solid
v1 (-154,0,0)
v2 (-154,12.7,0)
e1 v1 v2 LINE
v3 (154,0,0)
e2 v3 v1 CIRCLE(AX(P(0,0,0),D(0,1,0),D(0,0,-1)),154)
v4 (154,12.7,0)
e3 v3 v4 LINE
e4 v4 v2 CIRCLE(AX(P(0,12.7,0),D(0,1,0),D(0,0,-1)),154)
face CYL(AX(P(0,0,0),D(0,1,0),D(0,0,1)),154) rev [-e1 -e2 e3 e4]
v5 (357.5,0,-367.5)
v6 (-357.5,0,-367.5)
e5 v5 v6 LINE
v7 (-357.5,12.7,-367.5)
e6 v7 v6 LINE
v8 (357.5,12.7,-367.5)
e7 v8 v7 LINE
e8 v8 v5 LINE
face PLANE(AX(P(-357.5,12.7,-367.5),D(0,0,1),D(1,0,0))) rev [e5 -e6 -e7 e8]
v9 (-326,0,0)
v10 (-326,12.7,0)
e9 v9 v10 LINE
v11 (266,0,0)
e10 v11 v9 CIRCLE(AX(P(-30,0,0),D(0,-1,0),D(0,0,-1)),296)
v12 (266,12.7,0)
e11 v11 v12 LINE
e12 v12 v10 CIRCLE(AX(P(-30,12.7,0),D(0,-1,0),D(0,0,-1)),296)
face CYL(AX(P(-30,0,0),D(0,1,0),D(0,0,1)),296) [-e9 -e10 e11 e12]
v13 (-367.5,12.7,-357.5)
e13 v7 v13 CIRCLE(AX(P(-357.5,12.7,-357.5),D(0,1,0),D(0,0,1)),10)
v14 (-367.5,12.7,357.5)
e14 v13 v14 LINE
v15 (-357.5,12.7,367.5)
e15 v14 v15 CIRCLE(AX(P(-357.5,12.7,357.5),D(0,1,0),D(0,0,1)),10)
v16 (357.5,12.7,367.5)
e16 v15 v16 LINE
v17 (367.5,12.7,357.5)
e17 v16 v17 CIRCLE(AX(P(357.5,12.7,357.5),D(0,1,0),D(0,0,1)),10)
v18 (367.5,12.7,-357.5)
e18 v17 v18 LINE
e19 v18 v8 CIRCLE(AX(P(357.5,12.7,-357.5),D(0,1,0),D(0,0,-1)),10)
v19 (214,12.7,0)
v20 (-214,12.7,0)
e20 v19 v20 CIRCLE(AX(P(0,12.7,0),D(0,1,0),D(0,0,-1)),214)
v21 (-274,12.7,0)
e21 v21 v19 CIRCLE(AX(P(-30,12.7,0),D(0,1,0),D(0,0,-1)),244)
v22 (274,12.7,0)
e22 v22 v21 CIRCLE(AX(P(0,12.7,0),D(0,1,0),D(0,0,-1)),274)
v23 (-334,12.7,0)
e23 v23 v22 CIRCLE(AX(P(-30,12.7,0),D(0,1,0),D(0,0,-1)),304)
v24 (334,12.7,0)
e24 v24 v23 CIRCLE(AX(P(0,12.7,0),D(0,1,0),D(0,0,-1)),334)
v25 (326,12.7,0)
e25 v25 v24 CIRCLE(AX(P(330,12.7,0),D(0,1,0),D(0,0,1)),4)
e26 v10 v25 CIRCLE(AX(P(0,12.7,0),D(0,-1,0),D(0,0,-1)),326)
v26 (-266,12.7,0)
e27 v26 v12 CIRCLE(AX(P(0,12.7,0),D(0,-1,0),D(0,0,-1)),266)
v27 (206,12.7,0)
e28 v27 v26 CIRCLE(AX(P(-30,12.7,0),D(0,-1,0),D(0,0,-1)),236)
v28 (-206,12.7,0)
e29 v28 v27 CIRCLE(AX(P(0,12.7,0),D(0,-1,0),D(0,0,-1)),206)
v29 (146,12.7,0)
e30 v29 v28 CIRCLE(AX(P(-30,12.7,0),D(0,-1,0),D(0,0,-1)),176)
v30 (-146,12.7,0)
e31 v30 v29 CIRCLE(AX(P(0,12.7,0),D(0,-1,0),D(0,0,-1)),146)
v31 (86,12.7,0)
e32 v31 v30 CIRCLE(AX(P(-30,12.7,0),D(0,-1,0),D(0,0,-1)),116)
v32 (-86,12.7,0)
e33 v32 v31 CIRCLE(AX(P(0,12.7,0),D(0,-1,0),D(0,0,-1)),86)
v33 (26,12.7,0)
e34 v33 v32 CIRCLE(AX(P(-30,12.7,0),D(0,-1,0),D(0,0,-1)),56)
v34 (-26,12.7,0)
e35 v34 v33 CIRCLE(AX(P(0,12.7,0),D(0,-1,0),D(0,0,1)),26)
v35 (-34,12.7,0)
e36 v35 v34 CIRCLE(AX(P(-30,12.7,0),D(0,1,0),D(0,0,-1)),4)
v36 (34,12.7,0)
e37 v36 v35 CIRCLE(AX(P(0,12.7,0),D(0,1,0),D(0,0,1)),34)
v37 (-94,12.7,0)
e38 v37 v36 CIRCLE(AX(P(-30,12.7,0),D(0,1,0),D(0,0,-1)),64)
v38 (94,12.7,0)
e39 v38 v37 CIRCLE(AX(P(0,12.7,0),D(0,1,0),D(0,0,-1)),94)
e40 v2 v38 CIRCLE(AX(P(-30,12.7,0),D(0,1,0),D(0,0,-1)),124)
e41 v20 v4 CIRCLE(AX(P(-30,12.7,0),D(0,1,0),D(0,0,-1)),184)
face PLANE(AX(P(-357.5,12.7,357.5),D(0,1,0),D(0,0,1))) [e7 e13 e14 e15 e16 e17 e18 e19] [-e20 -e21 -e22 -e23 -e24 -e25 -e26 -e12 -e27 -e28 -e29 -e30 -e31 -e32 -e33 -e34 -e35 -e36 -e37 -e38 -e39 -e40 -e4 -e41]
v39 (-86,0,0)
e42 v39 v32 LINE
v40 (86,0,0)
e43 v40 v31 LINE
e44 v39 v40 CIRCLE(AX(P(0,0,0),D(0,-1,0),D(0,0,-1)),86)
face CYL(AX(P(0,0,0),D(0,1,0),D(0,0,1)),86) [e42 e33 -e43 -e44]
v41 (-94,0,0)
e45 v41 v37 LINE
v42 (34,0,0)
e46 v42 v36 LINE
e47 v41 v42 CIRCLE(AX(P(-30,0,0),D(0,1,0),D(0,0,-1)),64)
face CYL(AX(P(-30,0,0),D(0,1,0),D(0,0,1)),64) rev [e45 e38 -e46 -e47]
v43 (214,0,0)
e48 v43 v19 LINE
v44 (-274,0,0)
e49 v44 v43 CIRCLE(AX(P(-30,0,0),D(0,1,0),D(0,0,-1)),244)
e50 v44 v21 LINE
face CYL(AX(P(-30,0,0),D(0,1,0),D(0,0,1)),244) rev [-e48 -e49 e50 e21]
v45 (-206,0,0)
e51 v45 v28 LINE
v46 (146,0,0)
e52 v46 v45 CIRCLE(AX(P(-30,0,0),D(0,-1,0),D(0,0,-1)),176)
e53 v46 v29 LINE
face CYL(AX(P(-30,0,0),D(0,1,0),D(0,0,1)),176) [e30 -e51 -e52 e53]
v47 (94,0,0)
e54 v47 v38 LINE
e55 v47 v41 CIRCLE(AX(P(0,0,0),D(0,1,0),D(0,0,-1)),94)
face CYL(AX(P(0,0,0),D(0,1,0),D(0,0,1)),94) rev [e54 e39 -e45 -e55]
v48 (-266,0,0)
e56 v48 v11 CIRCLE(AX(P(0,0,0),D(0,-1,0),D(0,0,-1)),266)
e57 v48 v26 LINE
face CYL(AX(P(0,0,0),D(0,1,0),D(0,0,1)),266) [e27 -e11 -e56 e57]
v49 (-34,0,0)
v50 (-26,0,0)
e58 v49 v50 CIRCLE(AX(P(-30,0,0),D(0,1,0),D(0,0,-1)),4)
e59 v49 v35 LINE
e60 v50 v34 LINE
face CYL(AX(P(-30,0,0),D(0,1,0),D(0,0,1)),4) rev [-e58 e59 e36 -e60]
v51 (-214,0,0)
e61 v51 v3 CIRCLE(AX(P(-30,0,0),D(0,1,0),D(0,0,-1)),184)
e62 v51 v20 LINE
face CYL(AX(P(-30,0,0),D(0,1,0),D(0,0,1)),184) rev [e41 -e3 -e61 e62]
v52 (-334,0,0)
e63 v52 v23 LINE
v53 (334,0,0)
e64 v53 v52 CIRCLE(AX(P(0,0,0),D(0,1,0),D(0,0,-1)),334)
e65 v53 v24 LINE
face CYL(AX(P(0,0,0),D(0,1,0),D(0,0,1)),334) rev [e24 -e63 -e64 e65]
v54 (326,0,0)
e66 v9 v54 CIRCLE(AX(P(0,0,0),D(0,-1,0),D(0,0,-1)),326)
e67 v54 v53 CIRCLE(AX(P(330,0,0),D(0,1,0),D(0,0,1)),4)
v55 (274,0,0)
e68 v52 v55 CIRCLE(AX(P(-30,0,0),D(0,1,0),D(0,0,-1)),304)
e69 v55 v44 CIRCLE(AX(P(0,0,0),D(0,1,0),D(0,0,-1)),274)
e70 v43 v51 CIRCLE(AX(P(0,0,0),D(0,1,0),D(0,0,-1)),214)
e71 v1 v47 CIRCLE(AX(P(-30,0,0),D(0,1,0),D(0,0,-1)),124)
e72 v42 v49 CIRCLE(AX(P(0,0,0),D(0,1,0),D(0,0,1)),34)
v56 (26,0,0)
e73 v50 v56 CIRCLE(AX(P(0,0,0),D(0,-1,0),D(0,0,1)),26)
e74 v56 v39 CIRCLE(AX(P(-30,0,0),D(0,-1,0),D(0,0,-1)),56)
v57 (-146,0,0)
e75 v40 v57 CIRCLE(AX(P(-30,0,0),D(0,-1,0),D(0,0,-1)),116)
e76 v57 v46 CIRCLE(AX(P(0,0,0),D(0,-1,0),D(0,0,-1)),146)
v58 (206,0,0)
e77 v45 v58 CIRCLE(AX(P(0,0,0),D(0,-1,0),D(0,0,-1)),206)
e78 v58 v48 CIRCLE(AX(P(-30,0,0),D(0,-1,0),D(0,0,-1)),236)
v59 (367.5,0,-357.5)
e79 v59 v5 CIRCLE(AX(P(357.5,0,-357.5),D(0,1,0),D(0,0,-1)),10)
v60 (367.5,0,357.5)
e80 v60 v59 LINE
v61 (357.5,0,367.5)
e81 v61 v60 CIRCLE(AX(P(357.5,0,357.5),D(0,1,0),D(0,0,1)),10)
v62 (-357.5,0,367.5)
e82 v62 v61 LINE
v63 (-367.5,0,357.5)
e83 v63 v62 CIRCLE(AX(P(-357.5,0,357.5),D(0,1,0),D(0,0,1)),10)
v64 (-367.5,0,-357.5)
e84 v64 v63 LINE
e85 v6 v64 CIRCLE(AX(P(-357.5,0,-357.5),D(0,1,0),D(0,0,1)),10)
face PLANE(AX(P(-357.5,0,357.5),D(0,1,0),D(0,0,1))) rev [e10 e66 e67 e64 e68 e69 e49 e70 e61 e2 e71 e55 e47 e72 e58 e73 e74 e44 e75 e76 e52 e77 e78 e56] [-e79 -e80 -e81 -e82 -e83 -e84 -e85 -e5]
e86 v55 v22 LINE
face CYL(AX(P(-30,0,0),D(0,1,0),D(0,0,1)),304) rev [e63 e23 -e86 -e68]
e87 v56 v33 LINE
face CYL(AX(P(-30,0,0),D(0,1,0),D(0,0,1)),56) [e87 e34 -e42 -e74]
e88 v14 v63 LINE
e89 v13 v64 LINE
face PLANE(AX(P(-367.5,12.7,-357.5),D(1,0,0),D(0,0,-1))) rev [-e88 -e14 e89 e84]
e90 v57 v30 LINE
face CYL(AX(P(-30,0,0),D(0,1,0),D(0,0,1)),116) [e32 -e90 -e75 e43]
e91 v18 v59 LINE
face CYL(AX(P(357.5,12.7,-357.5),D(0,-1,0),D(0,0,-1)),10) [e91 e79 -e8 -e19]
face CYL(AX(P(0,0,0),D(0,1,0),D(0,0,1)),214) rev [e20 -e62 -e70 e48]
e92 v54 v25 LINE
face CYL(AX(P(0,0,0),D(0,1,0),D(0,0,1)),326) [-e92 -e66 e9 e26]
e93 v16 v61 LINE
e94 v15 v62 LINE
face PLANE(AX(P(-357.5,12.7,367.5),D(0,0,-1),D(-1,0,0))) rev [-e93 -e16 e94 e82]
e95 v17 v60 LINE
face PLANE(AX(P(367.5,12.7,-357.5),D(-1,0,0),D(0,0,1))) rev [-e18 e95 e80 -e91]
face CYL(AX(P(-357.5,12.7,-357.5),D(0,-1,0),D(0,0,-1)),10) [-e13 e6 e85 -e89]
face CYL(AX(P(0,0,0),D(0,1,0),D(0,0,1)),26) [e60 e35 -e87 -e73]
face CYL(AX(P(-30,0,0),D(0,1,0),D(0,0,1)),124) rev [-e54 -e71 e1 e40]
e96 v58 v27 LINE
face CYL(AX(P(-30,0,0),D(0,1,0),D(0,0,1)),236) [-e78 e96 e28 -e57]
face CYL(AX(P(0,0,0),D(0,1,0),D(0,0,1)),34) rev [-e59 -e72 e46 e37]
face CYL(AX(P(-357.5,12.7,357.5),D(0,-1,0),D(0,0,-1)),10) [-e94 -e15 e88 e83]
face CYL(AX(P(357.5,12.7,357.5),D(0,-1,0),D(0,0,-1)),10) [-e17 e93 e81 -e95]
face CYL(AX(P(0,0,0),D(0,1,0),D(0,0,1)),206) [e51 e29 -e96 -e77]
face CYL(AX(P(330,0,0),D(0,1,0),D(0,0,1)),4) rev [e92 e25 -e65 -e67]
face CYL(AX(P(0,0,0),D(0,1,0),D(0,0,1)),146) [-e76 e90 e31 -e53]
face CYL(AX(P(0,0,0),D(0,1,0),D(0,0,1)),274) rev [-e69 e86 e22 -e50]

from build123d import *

# Parameters (mm, degrees)
BOSS_EXTRU_1_DEPTH      = 12.7
ENL_V_MAT_EXTRU_1_DEPTH = 13.7


with BuildPart() as part:
    # Esquisse1 → Boss.-Extru.1 (new body)
    with BuildSketch(Plane(origin=(0, 0, 0), x_dir=(1, 0, 0), z_dir=(0, 1, 0))):
        with BuildLine():
            Line((-357.5, 367.5), (357.5, 367.5))
            ThreePointArc((357.5, 367.5), (364.571067812, 364.571067812), (367.5, 357.5))
            Line((367.5, 357.5), (367.5, -357.5))
            ThreePointArc((367.5, -357.5), (364.571067812, -364.571067812), (357.5, -367.5))
            Line((357.5, -367.5), (-357.5, -367.5))
            ThreePointArc((-357.5, -367.5), (-364.571067812, -364.571067812), (-367.5, -357.5))
            Line((-367.5, -357.5), (-367.5, 357.5))
            ThreePointArc((-367.5, 357.5), (-364.571067812, 364.571067812), (-357.5, 367.5))
        make_face()
    extrude(amount=BOSS_EXTRU_1_DEPTH)

    # Esquisse2 → Enlèv. mat.-Extru.1 (cut, through all)
    with BuildSketch(Plane(origin=(0, 12.7, 0), x_dir=(1, 0, 0), z_dir=(0, 1, 0))):
        with BuildLine():
            ThreePointArc((26, 0), (0, 26), (-26, 0))
            ThreePointArc((-26, 0), (-30, -4), (-34, 0))
            ThreePointArc((-34, 0), (0, 34), (34, 0))
            ThreePointArc((34, 0), (-30, -64), (-94, 0))
            ThreePointArc((-94, 0), (0, 94), (94, 0))
            ThreePointArc((94, 0), (-30, -124), (-154, 0))
            ThreePointArc((-154, 0), (0, 154), (154, 0))
            ThreePointArc((154, 0), (-30, -184), (-214, 0))
            ThreePointArc((-214, 0), (0, 214), (214, 0))
            ThreePointArc((214, 0), (-30, -244), (-274, 0))
            ThreePointArc((-274, 0), (0, 274), (274, 0))
            ThreePointArc((274, 0), (-30, -304), (-334, 0))
            ThreePointArc((-334, 0), (0, 334), (334, 0))
            ThreePointArc((334, 0), (330, -4), (326, 0))
            ThreePointArc((326, 0), (0, 326), (-326, 0))
            ThreePointArc((-326, 0), (-30, -296), (266, 0))
            ThreePointArc((266, 0), (0, 266), (-266, 0))
            ThreePointArc((-266, 0), (-30, -236), (206, 0))
            ThreePointArc((206, 0), (0, 206), (-206, 0))
            ThreePointArc((-206, 0), (-30, -176), (146, 0))
            ThreePointArc((146, 0), (0, 146), (-146, 0))
            ThreePointArc((-146, 0), (-30, -116), (86, 0))
            ThreePointArc((86, 0), (0, 86), (-86, 0))
            ThreePointArc((-86, 0), (-30, -56), (26, 0))
        make_face()
    extrude(amount=-ENL_V_MAT_EXTRU_1_DEPTH, mode=Mode.SUBTRACT)


solid = part.part
